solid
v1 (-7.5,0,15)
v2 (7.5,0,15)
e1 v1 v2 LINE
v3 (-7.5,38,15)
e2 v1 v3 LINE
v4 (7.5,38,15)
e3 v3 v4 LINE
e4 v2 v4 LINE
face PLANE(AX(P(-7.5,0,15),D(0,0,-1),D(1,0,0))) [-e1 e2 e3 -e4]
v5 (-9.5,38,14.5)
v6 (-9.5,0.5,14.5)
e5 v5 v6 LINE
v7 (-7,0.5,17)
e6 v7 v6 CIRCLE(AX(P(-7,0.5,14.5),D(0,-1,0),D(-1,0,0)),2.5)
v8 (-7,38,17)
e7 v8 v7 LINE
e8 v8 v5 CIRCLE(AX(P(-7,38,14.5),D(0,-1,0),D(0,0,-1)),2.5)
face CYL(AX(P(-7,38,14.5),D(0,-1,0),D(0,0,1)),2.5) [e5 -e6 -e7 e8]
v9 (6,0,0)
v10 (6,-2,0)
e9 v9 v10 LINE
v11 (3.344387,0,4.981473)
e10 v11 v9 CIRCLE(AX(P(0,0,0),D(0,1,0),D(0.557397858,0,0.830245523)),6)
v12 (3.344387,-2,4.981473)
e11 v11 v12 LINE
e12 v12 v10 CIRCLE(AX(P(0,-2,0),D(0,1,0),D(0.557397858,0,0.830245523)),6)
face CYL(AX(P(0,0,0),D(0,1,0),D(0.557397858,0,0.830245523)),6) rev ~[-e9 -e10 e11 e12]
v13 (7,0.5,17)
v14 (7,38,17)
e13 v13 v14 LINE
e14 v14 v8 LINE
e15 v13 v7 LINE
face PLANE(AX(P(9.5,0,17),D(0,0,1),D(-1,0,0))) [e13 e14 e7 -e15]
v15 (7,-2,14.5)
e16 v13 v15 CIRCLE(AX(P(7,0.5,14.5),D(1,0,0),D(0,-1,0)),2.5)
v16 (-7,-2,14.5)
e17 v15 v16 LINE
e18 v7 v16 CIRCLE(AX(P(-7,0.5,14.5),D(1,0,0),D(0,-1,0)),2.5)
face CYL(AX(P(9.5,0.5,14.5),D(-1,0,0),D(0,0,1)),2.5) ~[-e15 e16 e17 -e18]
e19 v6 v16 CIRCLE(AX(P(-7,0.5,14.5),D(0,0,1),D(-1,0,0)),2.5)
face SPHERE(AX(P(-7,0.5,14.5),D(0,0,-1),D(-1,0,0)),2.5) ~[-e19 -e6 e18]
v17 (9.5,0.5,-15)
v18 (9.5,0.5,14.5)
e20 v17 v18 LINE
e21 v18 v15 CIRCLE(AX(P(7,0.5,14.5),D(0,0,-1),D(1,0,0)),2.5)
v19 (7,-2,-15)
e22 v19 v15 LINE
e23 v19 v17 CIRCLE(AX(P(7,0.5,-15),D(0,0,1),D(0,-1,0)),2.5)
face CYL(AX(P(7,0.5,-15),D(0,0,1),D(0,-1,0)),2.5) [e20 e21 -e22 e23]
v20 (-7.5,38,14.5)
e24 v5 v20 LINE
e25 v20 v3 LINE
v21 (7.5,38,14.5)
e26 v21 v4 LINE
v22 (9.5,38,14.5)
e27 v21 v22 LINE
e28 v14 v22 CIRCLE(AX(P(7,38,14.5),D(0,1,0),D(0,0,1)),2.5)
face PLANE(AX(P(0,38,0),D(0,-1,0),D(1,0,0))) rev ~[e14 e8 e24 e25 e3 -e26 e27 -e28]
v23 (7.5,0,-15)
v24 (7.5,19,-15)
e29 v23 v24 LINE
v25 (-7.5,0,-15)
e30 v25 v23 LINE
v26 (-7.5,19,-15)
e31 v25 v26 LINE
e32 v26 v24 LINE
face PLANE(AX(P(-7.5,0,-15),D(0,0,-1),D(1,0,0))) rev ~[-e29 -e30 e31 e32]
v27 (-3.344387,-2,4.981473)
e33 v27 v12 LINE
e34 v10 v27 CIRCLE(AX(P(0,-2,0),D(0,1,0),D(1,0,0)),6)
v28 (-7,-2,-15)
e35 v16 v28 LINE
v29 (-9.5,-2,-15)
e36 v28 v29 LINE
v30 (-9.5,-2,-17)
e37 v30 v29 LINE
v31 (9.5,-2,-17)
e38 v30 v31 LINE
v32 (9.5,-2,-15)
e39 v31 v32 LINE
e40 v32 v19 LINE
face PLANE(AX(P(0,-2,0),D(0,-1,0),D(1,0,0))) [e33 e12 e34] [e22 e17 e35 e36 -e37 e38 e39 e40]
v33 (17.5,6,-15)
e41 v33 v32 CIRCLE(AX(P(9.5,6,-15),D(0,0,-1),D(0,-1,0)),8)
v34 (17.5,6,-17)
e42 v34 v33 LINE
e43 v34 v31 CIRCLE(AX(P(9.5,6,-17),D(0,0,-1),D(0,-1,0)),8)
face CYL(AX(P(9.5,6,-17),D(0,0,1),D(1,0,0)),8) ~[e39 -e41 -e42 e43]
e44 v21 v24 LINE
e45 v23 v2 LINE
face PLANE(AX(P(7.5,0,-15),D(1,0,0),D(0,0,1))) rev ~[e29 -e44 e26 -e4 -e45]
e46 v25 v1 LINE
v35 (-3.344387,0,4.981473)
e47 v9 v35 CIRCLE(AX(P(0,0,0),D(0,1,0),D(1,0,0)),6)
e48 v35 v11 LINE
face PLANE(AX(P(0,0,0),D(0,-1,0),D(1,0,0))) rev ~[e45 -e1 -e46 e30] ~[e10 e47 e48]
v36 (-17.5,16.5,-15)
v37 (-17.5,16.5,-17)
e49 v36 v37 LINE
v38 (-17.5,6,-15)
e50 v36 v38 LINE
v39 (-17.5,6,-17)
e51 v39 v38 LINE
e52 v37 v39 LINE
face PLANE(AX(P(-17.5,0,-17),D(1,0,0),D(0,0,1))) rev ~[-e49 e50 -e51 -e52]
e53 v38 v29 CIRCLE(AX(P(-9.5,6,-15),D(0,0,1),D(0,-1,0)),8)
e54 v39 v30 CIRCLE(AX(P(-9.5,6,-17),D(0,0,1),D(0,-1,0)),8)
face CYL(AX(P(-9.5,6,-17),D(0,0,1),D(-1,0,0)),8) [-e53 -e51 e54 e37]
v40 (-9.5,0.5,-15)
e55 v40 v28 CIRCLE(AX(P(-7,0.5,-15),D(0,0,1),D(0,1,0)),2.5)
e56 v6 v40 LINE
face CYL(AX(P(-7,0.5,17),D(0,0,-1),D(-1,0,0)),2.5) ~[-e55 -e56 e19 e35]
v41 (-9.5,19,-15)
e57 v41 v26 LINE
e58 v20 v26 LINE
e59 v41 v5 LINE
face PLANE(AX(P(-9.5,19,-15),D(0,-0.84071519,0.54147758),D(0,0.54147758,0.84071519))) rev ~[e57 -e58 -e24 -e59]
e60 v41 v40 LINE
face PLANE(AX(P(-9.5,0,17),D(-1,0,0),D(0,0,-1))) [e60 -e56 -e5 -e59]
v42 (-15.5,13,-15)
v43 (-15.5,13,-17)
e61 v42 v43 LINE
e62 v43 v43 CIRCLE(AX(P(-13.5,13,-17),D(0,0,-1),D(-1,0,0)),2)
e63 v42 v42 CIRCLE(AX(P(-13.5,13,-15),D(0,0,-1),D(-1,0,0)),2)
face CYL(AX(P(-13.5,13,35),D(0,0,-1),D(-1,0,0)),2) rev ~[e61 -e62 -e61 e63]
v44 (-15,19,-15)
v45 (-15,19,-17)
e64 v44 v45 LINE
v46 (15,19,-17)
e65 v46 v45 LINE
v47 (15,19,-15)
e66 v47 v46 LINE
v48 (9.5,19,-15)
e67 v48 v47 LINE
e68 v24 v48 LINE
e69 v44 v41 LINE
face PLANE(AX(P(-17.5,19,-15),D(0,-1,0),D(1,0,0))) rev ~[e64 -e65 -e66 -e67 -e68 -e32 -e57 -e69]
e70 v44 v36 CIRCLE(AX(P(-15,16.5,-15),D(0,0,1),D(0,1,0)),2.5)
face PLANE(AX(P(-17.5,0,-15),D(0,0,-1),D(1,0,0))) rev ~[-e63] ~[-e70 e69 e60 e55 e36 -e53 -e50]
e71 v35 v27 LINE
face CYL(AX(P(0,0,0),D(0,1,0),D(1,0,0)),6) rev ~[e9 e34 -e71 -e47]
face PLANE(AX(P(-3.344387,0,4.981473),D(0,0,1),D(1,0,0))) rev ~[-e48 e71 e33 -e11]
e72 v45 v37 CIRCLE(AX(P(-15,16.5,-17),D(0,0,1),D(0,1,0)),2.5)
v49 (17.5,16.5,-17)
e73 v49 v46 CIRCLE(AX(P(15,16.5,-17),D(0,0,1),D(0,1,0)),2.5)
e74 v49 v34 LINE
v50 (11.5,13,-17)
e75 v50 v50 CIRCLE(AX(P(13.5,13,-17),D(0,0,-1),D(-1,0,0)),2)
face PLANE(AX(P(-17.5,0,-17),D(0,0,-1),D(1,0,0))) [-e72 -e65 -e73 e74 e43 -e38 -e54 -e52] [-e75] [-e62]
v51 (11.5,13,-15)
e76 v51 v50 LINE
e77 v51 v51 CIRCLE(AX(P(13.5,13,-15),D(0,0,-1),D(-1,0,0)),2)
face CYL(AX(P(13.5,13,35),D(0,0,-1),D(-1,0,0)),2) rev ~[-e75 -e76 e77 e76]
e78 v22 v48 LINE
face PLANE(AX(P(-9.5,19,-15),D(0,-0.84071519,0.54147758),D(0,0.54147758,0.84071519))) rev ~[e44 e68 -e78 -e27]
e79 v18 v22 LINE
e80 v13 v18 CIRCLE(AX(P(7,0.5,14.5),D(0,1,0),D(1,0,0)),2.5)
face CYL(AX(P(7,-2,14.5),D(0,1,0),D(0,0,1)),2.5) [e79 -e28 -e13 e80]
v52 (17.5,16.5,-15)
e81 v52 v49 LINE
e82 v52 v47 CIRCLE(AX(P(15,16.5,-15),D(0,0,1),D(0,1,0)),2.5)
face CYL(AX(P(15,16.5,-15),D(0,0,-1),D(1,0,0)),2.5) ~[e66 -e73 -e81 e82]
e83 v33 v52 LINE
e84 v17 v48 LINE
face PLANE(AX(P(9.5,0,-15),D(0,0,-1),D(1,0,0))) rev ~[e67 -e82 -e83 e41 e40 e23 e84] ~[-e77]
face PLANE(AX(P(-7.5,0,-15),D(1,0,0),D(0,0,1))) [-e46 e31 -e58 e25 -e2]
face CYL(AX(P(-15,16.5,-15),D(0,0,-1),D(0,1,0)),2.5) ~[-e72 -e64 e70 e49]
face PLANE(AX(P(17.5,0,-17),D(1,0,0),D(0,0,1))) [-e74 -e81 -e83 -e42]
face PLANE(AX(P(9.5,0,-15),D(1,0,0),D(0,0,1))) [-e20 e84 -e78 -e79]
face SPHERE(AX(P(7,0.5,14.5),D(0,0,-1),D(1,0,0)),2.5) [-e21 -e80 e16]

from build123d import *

# Parameters (mm, degrees)
F0_W      = 15
F0_H      = 30
F0_W_2    = 8
F0_H_2    = 2
F1_DEPTH  = 2
F2_DEPTH  = 38
F4_W      = 8
F4_H      = 19
F5_DEPTH  = 25
F6_D      = 4
F6_DEPTH  = 50
F6_TIP    = 1.2017212381
F7_R      = 2.5
F8_R      = 8
F10_DEPTH = 25


with BuildPart() as f1:
    # F0 (on Front) → F1 (new body)
    with BuildSketch(Plane.XZ):
        Polygon((9.5, -15), (9.5, 17), (-9.5, 17), (-9.5, -15), (-9.5, -17), (9.5, -17), align=None)
        Rectangle(F0_W, F0_H, mode=Mode.SUBTRACT)
        with Locations((13.5, -16)):
            Rectangle(F0_W_2, F0_H_2)
        with Locations((-13.5, -16)):
            Rectangle(F0_W_2, F0_H_2)
        Rectangle(F0_W, F0_H)
        with BuildLine():
            ThreePointArc((3.3443871458, 4.9814731375), (5.2946351562, 2.8225588679), (6, 0))
            ThreePointArc((6, 0), (-2.8225588679, -5.2946351562), (-3.3443871458, 4.9814731375))
            ThreePointArc((-3.3443871458, 4.9814731375), (0, 6), (3.3443871458, 4.9814731375))
        make_face(mode=Mode.SUBTRACT)
        with BuildLine():
            Line((-3.3443871458, 4.9814731375), (3.3443871458, 4.9814731375))
            ThreePointArc((3.3443871458, 4.9814731375), (0, 6), (-3.3443871458, 4.9814731375))
        make_face()
    extrude(amount=F1_DEPTH)

    # F0 (on Front) → F2 (join)
    with BuildSketch(Plane.XZ):
        Polygon((9.5, -15), (9.5, 17), (-9.5, 17), (-9.5, -15), (-9.5, -17), (9.5, -17), align=None)
        Rectangle(F0_W, F0_H, mode=Mode.SUBTRACT)
        with Locations((13.5, -16)):
            Rectangle(F0_W_2, F0_H_2)
        with Locations((-13.5, -16)):
            Rectangle(F0_W_2, F0_H_2)
    extrude(amount=-F2_DEPTH)

    # F4 (on offset) → F5 (cut)
    with BuildSketch(Plane.XY.offset(-15)):
        with Locations((-13.5, 28.5)):
            Rectangle(F4_W, F4_H)
        with Locations((13.5, 28.5)):
            Rectangle(F4_W, F4_H)
    extrude(amount=-F5_DEPTH, mode=Mode.SUBTRACT)

    # F6
    with Locations(Plane.XY.offset(-15)):
        with Locations((-13.5, 13), (13.5, 13)):
            Hole(F6_D / 2, depth=F6_DEPTH)
            with Locations((0, 0, -(F6_DEPTH + F6_TIP / 2))):  # 118° drill point
                Cone(0, F6_D / 2, F6_TIP, mode=Mode.SUBTRACT)

    # F7
    f7_edges = [f1.edges().sort_by_distance(p)[0] for p in [
        (9.5, -2, 1),
        (-9.5, -2, 1),
        (-9.5, 18, 17),
        (9.5, 18, 17),
        (0, -2, 17),
        (17.5, 19, -16),
        (-17.5, 19, -16),
    ]]
    fillet(f7_edges, radius=F7_R)

    # F8
    f8_edges = [f1.edges().sort_by_distance(p)[0] for p in [
        (-17.5, -2, -16),
        (17.5, -2, -16),
    ]]
    fillet(f8_edges, radius=F8_R)

    # F9 (on face) → F10 (cut)
    with BuildSketch(Plane(origin=(-9.5, 0, 0), x_dir=(0, -1, 0), z_dir=(-1, 0, 0))):
        Polygon((-19, -15), (-38, 14.5), (-38, -17), (-19, -17), align=None)
    extrude(amount=-F10_DEPTH, mode=Mode.SUBTRACT)


solid = f1.part
